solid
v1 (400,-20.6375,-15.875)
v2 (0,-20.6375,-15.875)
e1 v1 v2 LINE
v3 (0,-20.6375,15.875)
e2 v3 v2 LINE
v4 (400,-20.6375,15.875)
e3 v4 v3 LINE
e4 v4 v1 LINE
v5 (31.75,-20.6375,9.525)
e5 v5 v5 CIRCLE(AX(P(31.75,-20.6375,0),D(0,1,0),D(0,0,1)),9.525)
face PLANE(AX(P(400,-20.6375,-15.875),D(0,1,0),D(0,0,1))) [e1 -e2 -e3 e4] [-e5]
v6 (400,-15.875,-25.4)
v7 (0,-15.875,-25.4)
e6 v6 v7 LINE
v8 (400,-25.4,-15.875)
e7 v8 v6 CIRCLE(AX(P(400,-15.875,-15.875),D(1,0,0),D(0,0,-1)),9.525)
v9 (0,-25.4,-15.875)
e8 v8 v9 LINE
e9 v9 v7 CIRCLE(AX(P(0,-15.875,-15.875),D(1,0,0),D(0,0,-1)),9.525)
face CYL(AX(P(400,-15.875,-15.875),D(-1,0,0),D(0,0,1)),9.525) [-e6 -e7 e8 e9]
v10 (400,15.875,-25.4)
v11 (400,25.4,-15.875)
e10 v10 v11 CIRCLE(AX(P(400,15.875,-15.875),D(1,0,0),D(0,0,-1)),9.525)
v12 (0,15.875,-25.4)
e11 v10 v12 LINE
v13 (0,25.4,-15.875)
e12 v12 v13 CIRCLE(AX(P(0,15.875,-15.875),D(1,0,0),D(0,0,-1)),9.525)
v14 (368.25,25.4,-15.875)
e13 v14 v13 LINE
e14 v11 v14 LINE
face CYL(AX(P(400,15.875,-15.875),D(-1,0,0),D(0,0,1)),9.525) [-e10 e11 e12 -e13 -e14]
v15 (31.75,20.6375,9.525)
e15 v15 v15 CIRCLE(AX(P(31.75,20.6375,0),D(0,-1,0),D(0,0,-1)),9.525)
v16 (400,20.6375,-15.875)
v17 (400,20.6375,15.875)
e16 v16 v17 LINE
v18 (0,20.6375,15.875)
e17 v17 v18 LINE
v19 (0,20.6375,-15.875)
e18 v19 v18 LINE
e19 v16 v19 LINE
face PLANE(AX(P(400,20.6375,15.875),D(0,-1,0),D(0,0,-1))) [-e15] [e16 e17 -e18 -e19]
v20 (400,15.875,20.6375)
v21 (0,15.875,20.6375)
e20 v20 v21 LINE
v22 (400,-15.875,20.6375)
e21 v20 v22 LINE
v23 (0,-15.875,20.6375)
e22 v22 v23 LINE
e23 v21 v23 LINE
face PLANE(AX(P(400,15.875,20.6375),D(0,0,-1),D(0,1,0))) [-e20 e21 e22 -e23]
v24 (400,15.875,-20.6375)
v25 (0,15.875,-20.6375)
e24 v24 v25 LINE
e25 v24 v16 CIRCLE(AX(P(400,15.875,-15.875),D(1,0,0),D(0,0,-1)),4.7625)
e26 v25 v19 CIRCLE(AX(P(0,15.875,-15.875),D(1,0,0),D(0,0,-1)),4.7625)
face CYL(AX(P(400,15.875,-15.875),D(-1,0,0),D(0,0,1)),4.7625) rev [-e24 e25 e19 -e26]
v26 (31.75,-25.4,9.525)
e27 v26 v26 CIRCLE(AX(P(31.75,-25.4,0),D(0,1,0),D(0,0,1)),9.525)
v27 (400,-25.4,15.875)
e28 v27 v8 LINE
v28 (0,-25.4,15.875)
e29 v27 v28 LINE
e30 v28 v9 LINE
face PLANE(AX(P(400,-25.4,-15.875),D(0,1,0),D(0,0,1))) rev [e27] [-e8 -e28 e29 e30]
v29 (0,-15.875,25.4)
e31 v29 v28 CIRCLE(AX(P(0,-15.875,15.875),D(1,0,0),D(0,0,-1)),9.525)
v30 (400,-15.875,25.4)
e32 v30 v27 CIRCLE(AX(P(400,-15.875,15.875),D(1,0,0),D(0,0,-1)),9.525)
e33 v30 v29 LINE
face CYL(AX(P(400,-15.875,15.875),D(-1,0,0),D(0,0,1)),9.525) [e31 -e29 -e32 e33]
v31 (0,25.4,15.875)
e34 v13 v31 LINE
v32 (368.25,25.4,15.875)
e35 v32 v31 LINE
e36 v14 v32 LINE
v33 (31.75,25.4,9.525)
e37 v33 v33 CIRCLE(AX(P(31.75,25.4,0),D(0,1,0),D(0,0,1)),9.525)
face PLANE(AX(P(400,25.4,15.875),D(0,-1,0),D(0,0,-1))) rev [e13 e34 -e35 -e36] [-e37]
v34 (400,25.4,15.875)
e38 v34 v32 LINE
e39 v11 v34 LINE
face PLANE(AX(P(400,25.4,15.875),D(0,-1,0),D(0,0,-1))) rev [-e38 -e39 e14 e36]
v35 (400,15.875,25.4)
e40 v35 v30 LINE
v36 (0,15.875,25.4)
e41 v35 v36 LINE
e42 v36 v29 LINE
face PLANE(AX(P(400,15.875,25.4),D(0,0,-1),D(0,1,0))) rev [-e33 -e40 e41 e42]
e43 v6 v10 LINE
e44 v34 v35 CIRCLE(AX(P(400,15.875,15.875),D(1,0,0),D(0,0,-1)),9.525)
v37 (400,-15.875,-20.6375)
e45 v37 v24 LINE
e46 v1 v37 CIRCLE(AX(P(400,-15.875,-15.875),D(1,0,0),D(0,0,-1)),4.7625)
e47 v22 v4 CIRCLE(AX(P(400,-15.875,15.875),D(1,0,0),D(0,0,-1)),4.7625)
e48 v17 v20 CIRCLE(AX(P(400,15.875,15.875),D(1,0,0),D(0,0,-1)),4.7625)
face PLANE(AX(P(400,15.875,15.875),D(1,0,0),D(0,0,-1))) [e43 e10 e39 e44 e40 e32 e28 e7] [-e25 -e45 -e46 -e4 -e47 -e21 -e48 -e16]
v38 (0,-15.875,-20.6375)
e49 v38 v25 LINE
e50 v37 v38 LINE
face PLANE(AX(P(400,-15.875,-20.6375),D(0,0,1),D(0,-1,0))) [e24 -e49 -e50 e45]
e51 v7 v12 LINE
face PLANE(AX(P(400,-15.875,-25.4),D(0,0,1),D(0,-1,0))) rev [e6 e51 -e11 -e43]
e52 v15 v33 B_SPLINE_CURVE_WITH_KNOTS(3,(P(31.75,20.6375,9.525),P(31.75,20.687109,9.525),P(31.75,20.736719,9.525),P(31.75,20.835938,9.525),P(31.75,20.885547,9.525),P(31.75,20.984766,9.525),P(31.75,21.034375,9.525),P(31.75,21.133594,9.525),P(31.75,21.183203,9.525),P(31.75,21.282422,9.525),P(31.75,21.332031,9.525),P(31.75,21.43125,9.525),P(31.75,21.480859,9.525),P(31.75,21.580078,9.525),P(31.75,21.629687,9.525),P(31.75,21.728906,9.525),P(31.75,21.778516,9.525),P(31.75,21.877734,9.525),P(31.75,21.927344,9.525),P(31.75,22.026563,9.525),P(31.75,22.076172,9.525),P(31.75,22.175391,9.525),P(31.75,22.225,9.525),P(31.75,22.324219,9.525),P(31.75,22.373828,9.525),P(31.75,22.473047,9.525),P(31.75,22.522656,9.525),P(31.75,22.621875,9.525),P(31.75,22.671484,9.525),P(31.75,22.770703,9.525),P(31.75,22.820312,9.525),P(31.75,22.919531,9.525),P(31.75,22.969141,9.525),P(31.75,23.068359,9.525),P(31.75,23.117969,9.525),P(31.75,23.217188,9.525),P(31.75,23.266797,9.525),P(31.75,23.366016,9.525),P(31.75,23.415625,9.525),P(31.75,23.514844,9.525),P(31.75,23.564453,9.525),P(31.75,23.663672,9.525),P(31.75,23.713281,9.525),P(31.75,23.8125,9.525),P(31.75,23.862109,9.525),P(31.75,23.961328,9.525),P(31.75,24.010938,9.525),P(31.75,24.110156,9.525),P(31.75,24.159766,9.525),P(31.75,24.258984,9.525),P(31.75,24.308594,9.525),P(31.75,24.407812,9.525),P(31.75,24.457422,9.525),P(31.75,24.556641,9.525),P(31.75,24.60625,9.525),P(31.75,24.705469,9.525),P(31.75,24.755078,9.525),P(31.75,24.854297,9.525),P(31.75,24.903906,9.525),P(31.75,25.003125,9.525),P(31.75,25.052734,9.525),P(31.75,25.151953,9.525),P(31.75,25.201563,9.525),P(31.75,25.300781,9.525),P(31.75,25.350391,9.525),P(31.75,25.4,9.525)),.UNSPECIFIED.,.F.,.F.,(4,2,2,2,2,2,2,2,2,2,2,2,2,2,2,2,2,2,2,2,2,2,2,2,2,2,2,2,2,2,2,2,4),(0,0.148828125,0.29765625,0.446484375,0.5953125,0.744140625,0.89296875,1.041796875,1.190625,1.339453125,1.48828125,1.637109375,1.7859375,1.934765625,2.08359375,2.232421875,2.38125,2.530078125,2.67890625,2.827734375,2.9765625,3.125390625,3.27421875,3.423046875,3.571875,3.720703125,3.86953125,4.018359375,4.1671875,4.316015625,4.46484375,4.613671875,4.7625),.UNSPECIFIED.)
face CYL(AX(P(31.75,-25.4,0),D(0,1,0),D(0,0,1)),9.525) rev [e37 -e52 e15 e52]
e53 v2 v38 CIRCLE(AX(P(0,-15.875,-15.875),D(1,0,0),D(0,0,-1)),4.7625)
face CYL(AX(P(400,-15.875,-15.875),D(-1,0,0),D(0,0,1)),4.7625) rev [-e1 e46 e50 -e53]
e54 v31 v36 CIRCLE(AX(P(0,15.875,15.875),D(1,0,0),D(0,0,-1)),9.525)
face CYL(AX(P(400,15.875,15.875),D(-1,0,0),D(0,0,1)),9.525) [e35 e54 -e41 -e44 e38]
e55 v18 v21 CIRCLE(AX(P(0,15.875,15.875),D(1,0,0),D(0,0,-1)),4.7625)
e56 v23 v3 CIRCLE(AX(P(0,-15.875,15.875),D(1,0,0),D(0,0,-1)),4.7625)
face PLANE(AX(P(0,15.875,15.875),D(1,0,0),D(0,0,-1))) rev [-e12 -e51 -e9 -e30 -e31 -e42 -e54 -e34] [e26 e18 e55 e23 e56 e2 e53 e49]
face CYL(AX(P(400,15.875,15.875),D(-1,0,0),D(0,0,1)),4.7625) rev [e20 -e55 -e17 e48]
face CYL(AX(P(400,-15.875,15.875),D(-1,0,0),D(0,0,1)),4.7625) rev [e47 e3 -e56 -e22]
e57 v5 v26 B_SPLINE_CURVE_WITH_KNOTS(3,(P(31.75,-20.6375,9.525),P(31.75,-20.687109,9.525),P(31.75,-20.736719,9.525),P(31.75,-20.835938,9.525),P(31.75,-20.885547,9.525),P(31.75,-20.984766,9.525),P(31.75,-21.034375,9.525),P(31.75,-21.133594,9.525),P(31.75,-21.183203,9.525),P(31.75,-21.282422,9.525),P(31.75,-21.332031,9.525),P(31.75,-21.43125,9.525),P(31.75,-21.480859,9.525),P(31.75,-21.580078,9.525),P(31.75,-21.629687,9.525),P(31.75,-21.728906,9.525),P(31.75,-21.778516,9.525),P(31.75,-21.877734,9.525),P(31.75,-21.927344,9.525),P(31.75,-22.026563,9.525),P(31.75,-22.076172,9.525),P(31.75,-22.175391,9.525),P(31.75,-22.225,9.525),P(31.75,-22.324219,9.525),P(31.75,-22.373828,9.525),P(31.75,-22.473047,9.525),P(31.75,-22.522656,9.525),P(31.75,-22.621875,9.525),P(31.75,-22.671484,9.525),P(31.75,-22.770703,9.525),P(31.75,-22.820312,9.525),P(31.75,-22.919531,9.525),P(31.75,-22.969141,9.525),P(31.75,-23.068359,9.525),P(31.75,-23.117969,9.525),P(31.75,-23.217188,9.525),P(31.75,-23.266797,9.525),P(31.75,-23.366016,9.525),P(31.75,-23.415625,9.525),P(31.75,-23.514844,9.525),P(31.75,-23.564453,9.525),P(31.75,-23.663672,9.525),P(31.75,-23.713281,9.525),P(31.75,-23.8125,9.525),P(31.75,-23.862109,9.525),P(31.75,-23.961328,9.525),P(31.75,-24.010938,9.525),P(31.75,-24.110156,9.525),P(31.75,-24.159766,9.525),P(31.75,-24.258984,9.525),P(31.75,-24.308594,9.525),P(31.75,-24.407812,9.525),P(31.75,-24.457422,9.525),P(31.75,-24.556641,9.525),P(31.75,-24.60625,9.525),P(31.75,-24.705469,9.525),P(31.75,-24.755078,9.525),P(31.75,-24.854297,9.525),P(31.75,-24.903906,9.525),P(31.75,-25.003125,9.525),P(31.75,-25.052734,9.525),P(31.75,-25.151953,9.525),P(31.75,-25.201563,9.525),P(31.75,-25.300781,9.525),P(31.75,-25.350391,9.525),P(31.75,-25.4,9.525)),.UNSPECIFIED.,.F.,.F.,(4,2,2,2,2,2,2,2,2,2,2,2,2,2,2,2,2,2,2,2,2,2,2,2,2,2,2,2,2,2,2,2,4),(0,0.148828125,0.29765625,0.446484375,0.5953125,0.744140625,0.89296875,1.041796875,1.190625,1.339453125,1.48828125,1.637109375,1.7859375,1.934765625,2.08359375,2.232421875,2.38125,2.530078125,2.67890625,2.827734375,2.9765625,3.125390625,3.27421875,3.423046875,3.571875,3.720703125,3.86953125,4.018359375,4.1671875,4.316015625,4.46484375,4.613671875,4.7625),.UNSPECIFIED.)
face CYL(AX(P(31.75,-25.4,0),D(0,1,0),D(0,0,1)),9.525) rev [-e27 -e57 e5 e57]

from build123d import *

# Parameters (mm, degrees)
TUBE_SQUARE_TS2X2X0_1875_1_DEPTH = 400
SKETCH12_R                       = 9.525
CUT_EXTRUDE1_DEPTH               = 405.012128531


with BuildPart() as part:
    # Sketch11 → Tube square TS2X2X0.1875(1) (new body)
    with BuildSketch(Plane.YZ):
        with BuildLine():
            Line((-15.875, -25.4), (15.875, -25.4))
            ThreePointArc((15.875, -25.4), (22.610192091, -22.610192091), (25.4, -15.875))
            Line((25.4, -15.875), (25.4, 15.875))
            ThreePointArc((25.4, 15.875), (22.610192091, 22.610192091), (15.875, 25.4))
            Line((15.875, 25.4), (-15.875, 25.4))
            ThreePointArc((-15.875, 25.4), (-22.610192091, 22.610192091), (-25.4, 15.875))
            Line((-25.4, 15.875), (-25.4, -15.875))
            ThreePointArc((-25.4, -15.875), (-22.610192091, -22.610192091), (-15.875, -25.4))
        make_face()
        with BuildLine():
            Line((-15.875, -20.6375), (15.875, -20.6375))
            ThreePointArc((15.875, -20.6375), (19.242596045, -19.242596045), (20.6375, -15.875))
            Line((20.6375, -15.875), (20.6375, 15.875))
            ThreePointArc((20.6375, 15.875), (19.242596045, 19.242596045), (15.875, 20.6375))
            Line((15.875, 20.6375), (-15.875, 20.6375))
            ThreePointArc((-15.875, 20.6375), (-19.242596045, 19.242596045), (-20.6375, 15.875))
            Line((-20.6375, 15.875), (-20.6375, -15.875))
            ThreePointArc((-20.6375, -15.875), (-19.242596045, -19.242596045), (-15.875, -20.6375))
        make_face(mode=Mode.SUBTRACT)
    extrude(amount=TUBE_SQUARE_TS2X2X0_1875_1_DEPTH)

    # Sketch12 → Cut-Extrude1 (cut, through all)
    with BuildSketch(Plane(origin=(0, 25.4, 0), x_dir=(1, 0, 0), z_dir=(0, 1, 0))):
        with Locations(Location((31.75, 0, 0), (0, 0, 270))):
            Circle(SKETCH12_R)
    extrude(amount=-CUT_EXTRUDE1_DEPTH, mode=Mode.SUBTRACT)


solid = part.part
